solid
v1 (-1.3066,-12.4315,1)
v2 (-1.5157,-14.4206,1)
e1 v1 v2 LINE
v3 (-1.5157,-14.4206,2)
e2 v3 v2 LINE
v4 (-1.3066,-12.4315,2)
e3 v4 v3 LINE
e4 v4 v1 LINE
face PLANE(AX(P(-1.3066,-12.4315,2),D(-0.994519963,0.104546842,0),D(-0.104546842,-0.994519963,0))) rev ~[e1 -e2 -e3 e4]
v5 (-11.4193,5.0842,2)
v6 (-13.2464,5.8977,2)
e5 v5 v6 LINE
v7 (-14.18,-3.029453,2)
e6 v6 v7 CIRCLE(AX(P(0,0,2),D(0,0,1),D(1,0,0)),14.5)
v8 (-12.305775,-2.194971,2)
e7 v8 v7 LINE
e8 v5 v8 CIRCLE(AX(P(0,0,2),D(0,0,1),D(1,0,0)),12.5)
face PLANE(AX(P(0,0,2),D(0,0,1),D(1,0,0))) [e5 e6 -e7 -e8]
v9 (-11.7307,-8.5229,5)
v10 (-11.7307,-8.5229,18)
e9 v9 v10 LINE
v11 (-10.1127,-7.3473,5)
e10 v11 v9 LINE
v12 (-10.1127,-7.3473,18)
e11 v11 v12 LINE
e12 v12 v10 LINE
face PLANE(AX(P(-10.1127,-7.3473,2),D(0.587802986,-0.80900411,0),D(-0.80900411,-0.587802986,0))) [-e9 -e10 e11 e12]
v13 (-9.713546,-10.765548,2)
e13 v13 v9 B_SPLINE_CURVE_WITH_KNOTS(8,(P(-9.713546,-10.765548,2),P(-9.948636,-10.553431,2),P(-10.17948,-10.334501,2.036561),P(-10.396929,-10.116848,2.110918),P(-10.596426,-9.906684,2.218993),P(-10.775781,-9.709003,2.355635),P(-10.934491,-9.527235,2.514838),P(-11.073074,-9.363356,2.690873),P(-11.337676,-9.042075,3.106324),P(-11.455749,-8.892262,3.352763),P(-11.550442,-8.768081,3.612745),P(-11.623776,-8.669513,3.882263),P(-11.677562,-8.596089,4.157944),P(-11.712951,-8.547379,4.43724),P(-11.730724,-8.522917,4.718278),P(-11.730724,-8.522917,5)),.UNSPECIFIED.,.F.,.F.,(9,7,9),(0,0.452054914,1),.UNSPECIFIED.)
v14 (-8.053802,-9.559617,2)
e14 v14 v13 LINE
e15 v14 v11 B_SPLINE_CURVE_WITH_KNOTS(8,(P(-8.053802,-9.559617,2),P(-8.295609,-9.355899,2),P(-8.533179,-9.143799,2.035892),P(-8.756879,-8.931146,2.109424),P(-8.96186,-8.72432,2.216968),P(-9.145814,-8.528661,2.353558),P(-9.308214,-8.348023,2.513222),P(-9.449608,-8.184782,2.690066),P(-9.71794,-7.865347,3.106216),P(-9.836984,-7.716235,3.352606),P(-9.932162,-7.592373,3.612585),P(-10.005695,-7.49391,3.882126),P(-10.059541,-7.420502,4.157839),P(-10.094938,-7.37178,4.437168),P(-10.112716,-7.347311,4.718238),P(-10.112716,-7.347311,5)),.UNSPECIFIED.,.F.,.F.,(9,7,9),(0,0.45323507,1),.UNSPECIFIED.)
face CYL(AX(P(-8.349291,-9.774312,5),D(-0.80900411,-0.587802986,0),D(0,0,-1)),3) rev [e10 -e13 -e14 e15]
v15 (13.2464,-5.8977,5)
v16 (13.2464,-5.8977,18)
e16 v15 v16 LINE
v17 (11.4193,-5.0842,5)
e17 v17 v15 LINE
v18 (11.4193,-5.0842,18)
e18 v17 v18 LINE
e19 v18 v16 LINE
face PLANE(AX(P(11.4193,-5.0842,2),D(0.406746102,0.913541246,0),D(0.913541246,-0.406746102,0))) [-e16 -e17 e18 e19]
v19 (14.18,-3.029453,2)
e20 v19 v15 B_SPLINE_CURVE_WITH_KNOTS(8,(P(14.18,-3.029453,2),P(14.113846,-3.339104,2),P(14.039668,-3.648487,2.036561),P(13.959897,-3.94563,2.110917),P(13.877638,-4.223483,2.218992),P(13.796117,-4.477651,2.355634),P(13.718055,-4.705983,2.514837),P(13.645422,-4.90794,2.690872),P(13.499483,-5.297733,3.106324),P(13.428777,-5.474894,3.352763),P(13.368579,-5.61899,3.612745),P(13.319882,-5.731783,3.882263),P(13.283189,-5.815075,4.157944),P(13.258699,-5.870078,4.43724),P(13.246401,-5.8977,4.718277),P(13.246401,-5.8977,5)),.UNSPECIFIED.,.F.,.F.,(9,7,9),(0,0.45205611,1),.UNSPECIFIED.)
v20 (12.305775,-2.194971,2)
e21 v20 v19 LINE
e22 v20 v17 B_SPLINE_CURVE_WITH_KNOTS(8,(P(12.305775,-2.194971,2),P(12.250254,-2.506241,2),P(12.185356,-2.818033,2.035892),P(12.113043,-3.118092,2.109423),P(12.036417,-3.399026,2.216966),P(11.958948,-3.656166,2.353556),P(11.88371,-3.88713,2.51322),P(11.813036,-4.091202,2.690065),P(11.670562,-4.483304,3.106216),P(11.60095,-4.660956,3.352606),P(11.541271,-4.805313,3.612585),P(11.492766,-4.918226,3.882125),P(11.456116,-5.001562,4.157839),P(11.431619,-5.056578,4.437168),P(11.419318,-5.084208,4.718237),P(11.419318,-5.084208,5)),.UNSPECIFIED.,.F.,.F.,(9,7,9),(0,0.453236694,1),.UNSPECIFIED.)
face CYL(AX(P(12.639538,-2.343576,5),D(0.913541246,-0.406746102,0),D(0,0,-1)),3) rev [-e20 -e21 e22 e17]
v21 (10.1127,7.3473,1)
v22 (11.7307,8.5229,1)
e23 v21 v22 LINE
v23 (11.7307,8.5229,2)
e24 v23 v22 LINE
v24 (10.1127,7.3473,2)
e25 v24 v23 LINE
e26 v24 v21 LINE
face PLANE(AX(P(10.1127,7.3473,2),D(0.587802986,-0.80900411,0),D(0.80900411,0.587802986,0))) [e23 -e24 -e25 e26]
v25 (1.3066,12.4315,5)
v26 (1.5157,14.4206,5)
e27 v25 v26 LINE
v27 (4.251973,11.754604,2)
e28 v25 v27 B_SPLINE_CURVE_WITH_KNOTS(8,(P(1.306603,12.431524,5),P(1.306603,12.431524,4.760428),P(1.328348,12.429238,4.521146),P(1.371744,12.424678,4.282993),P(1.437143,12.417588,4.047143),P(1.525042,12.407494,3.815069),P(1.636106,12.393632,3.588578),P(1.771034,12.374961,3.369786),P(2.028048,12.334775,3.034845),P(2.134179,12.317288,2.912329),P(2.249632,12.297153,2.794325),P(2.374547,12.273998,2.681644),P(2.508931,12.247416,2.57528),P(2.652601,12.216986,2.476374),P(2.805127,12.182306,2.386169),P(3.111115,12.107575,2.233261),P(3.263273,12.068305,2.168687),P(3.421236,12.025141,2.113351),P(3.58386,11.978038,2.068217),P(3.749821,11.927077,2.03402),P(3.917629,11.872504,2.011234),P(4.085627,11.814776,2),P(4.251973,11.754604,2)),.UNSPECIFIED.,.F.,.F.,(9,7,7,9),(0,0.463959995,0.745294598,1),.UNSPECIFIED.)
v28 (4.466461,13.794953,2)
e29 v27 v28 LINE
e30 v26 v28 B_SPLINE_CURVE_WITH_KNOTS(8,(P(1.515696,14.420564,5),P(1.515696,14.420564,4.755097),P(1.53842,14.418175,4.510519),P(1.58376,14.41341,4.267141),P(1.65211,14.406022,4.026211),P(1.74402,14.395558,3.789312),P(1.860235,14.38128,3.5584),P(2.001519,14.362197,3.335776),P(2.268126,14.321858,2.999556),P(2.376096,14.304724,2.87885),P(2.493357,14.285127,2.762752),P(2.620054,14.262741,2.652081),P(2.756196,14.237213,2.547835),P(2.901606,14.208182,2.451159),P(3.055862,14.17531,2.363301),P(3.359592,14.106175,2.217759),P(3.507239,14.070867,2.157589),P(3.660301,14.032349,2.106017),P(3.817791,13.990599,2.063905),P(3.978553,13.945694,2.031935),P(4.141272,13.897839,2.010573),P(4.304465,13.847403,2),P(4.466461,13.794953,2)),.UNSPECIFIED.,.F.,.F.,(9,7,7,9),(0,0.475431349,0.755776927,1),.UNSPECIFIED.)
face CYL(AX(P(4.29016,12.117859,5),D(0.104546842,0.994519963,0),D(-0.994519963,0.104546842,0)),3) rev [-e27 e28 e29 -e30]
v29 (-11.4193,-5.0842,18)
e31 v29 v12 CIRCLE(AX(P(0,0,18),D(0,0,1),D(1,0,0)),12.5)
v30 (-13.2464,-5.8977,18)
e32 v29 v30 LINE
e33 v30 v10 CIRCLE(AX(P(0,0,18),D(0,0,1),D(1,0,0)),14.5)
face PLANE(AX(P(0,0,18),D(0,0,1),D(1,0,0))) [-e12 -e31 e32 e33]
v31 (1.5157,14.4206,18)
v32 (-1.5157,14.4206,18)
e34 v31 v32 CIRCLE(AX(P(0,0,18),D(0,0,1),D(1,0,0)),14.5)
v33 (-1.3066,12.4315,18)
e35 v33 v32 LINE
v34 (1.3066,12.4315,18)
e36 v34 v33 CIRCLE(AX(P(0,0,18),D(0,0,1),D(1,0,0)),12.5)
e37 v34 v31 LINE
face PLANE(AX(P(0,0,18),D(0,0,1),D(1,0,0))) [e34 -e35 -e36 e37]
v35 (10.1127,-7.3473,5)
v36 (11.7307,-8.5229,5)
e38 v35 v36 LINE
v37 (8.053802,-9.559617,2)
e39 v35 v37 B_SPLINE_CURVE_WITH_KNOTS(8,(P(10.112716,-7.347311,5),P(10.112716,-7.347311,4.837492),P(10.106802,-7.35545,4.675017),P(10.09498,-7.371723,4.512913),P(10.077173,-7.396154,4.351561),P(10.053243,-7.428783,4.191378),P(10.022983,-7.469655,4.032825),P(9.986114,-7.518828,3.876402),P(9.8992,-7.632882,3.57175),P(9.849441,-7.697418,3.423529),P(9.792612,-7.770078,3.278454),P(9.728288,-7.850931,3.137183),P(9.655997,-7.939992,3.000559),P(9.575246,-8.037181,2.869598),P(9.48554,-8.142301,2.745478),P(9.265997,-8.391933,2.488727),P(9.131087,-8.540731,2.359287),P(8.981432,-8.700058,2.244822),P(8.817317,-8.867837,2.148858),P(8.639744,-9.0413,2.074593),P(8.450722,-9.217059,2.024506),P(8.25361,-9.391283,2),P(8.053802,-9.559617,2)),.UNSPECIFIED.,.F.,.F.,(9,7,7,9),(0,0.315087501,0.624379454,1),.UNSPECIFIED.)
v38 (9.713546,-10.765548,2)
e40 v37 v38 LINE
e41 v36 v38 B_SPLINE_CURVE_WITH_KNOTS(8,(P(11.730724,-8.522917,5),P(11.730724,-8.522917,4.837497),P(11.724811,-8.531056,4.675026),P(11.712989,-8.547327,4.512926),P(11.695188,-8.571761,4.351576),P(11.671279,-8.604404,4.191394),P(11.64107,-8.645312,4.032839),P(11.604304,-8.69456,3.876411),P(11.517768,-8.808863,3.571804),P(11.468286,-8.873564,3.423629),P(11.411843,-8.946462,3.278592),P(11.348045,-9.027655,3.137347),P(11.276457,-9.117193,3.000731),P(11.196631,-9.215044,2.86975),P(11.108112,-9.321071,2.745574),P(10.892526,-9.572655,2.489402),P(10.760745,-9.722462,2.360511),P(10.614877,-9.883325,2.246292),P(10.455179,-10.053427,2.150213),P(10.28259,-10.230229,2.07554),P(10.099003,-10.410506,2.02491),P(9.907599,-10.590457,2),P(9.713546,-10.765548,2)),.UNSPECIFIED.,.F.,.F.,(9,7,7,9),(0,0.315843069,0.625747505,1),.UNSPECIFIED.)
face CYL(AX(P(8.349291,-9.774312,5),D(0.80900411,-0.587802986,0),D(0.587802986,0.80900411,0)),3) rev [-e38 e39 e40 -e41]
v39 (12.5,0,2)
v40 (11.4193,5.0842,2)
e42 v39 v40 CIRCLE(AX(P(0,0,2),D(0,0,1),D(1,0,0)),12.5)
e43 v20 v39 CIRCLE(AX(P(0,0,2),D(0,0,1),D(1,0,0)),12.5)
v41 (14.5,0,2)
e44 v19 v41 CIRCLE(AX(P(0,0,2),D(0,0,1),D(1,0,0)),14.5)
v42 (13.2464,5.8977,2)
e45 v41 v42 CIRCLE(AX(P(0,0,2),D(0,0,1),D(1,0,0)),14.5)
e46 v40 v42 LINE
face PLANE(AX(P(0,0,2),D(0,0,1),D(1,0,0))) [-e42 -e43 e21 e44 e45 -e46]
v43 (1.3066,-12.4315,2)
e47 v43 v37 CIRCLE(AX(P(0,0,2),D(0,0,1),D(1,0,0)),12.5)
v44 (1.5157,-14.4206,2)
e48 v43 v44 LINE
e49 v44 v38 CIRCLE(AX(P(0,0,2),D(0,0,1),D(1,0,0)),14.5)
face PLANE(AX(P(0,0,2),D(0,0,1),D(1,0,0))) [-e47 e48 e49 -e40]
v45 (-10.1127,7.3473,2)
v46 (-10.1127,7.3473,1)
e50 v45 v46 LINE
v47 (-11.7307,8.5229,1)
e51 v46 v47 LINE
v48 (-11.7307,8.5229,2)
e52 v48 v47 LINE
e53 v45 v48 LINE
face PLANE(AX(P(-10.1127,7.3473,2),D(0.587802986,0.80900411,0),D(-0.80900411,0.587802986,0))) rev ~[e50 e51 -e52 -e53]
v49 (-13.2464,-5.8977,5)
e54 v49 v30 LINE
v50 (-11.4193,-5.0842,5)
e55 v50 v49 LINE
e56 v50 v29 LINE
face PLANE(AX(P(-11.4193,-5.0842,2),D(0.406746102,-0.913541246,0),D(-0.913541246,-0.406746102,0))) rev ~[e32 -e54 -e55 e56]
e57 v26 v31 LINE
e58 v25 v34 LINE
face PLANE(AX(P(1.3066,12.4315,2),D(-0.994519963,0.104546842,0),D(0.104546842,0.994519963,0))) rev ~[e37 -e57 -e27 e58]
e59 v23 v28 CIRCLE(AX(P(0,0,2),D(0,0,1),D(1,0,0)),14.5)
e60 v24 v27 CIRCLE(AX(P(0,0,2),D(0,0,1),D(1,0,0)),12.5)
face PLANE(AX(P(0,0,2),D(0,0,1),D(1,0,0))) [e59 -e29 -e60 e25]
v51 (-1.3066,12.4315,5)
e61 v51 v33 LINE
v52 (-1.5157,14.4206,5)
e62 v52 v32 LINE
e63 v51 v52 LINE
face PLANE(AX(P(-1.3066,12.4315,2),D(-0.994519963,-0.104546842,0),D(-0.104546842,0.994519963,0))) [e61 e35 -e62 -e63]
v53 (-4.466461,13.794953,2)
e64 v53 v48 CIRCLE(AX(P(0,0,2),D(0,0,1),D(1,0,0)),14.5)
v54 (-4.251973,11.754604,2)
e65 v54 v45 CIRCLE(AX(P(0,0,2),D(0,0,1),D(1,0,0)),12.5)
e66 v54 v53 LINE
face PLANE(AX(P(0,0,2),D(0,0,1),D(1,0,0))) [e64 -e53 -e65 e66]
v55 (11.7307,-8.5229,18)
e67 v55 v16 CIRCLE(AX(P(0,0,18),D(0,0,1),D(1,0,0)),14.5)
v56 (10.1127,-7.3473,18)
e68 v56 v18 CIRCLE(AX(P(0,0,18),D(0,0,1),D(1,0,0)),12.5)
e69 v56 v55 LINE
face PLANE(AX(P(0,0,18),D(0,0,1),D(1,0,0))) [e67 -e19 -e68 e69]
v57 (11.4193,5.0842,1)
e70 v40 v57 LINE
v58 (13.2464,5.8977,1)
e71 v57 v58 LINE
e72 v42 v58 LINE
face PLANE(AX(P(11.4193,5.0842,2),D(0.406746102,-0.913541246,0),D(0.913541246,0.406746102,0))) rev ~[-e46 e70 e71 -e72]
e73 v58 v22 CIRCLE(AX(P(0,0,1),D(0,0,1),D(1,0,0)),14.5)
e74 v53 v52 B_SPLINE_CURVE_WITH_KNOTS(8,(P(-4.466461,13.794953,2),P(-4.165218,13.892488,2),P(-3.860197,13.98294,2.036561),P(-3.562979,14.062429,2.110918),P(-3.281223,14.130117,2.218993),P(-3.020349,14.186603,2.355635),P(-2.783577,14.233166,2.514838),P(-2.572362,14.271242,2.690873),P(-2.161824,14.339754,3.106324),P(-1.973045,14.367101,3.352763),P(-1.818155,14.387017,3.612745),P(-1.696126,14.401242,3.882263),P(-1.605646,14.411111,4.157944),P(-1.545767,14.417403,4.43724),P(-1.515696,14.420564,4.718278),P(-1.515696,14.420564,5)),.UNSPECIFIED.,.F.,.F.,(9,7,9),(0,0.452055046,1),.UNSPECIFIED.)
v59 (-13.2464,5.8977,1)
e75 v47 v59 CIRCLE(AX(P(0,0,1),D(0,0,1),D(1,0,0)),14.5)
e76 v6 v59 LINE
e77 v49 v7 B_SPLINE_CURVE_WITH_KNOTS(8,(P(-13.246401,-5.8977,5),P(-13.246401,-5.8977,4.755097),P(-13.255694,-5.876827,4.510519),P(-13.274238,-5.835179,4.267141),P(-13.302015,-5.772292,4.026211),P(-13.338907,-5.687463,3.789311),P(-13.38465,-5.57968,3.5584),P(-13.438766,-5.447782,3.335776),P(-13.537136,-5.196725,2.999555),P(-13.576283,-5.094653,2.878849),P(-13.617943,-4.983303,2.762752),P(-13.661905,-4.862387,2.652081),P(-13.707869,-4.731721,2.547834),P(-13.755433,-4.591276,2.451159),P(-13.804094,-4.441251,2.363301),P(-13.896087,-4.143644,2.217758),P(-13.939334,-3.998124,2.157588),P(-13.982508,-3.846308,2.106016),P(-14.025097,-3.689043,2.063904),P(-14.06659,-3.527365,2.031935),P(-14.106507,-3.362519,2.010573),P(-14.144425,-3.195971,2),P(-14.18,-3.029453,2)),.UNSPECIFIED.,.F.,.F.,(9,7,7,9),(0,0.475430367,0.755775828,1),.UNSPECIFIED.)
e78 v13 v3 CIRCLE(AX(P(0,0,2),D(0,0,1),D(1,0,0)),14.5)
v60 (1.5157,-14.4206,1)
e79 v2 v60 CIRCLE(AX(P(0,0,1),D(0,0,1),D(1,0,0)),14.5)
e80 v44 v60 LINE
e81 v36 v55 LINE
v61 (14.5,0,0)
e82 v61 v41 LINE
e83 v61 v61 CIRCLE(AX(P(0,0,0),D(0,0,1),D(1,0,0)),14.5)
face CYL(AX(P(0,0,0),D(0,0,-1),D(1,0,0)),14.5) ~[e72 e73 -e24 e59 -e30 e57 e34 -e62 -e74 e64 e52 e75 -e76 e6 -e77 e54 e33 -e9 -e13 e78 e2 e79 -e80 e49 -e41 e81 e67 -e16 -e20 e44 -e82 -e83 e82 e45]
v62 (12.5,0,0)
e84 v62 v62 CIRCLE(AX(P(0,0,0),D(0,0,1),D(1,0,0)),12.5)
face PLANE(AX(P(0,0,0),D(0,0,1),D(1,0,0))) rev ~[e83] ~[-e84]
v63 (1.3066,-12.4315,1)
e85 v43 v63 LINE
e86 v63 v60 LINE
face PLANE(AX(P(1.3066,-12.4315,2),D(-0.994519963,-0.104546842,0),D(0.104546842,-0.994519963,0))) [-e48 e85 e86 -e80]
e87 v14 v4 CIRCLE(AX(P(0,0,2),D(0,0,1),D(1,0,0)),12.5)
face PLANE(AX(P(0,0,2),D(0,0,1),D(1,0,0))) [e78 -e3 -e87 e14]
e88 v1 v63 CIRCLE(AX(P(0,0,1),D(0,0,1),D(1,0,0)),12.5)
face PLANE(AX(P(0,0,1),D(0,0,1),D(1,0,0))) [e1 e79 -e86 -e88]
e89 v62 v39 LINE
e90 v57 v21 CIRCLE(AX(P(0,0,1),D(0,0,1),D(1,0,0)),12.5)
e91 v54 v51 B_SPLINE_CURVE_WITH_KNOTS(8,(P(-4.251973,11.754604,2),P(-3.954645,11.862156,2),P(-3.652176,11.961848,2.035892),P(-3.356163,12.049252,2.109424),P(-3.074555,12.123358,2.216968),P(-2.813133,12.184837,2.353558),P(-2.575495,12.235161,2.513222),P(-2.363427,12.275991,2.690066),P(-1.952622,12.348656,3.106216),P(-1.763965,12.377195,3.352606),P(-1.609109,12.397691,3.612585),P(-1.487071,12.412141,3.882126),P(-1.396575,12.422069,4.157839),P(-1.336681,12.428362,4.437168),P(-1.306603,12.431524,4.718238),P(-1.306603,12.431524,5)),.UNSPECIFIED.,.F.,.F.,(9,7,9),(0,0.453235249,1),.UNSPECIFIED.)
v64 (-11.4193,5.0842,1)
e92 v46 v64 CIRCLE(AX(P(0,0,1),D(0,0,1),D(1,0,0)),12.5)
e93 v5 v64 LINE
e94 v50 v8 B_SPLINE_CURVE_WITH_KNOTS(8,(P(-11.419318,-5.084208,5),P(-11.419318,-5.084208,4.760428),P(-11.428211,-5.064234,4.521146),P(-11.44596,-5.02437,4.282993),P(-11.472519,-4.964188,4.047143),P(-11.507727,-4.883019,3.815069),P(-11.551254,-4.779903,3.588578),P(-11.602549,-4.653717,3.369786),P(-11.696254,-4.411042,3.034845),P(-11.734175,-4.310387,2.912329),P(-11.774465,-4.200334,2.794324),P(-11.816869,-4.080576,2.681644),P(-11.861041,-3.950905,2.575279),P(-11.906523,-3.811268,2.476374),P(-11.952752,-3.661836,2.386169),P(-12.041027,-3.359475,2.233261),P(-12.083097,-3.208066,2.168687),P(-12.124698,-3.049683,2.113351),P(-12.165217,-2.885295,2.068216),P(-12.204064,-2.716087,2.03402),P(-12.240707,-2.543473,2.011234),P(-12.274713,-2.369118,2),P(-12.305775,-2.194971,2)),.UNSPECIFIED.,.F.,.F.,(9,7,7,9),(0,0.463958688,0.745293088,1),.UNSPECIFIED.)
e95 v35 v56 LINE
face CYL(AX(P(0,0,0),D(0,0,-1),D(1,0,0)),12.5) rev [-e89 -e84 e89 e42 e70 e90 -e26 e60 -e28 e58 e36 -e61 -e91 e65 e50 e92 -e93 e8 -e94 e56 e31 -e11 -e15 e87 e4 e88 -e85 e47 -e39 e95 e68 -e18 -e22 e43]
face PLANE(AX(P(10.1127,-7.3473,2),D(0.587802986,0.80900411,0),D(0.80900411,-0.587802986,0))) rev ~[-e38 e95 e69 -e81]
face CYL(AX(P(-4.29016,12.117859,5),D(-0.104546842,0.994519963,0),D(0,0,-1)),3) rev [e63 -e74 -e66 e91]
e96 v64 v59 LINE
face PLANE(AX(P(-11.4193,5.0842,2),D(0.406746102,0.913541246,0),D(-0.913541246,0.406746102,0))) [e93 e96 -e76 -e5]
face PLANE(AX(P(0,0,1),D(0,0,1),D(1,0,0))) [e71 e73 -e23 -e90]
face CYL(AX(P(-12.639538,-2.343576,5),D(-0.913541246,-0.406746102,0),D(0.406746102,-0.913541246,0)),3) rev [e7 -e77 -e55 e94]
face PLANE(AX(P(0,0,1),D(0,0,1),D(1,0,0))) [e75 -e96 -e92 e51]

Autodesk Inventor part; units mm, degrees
ref_plane "YZ Plane" through (0, 0, 0) normal (1, 0, 0) x (0, 1, 0)
ref_plane "XZ Plane" through (0, 0, 0) normal (0, 1, 0) x (-1, 0, 0)
ref_plane "XY Plane" through (0, 0, 0) normal (0, 0, 1) x (1, 0, 0)
sketch "Sketch1" plane through (0, 0, 0) normal (0, 0, 1) x (1, 0, 0)
  circle A0 centre (0, 0) radius 12.5
  circle A1 centre (0, 0) radius 14.5
  dimension "d0" = 25
  dimension "d1" = 2
extrude "Extrusion1" add sketch "Sketch1" along normal blind 2
sketch "Sketch2" plane through (0, 0, 2) normal (0, 0, 1) x (1, 0, 0)
  circle A0 centre (0, 0) radius 14.5 construction
  line L0 (0, 14.5) -> (0, 0) construction
  line L1 (0, 0) -> (12.5574, -7.25) construction
  line L2 (0, 0) -> (-12.5574, -7.25) construction
  line L3 (0, 0) -> (-12.5574, 7.25) construction
  line L4 (0, 0) -> (12.5574, 7.25) construction
  circle A1 centre (0, 0) radius 14.5 projected
  circle A2 centre (0, 0) radius 12.5 projected
  line L5 (1.3066, 12.4315) -> (1.5157, 14.4206)
  line L6 (-1.3066, 12.4315) -> (-1.5157, 14.4206)
  line L7 (-11.4193, -5.0842) -> (-13.2464, -5.8977)
  line L8 (-10.1127, -7.3473) -> (-11.7307, -8.5229)
  line L9 (10.1127, -7.3473) -> (11.7307, -8.5229)
  line L10 (11.4193, -5.0842) -> (13.2464, -5.8977)
  line L11 (10.1127, 7.3473) -> (11.7307, 8.5229)
  line L12 (11.4193, 5.0842) -> (13.2464, 5.8977)
  line L13 (-11.4193, 5.0842) -> (-13.2464, 5.8977)
  line L14 (-10.1127, 7.3473) -> (-11.7307, 8.5229)
  line L15 (1.3066, -12.4315) -> (1.5157, -14.4206)
  line L16 (-1.3066, -12.4315) -> (-1.5157, -14.4206)
  point P0 (-12.5574, -7.25)
  point P1 (12.5574, -7.25)
  dimension "d4" = 120
  dimension "d5" = 120
  dimension "d6" = 6
  dimension "d7" = 6
  dimension "d10" = 360
  dimension "d14" = 6
  dimension "d15" = 6
  dimension "d18" = 360
extrude "Extrusion2" add sketch "Sketch2" along normal blind 16 contours A1 L9 A2 L10 | L5 A2 L6 A1 | A1 L7 A2 L8
sketch "Sketch3" plane through (0, 0, 2) normal (0, 0, 1) x (1, 0, 0)
  circle A0 centre (0, 0) radius 14.5 construction
  line L0 (0, 14.5) -> (0, 0) construction
  line L1 (0, 0) -> (12.5574, -7.25) construction
  line L2 (0, 0) -> (-12.5574, -7.25) construction
  line L3 (0, 0) -> (-12.5574, 7.25) construction
  line L4 (0, 0) -> (12.5574, 7.25) construction
  circle A1 centre (0, 0) radius 14.5
  circle A2 centre (0, 0) radius 12.5
  line L5 (1.3066, 12.4315) -> (1.5157, 14.4206)
  line L6 (-1.3066, 12.4315) -> (-1.5157, 14.4206)
  line L7 (-11.4193, -5.0842) -> (-13.2464, -5.8977)
  line L8 (-10.1127, -7.3473) -> (-11.7307, -8.5229)
  line L9 (10.1127, -7.3473) -> (11.7307, -8.5229)
  line L10 (11.4193, -5.0842) -> (13.2464, -5.8977)
  line L11 (10.1127, 7.3473) -> (11.7307, 8.5229)
  line L12 (11.4193, 5.0842) -> (13.2464, 5.8977)
  line L13 (-11.4193, 5.0842) -> (-13.2464, 5.8977)
  line L14 (-10.1127, 7.3473) -> (-11.7307, 8.5229)
  line L15 (1.3066, -12.4315) -> (1.5157, -14.4206)
  line L16 (-1.3066, -12.4315) -> (-1.5157, -14.4206)
  point P0 (-12.5574, -7.25)
  point P1 (12.5574, -7.25)
  dimension "d24" = 120
  dimension "d25" = 120
  dimension "d26" = 6
  dimension "d27" = 6
  dimension "d28" = 360
  dimension "d29" = 6
  dimension "d30" = 6
  dimension "d31" = 360
extrude "Extrusion3" cut sketch "Sketch3" against normal blind 1 contours L12 A2 L11 A1 | A1 L16 A2 L15 | L14 A2 L13 A1
fillet "Fillet1" radius 3 6 edges at (1.4111, 13.426, 2) (-1.4111, 13.426, 2) (-12.3329, -5.4909, 2) (12.3329, -5.4909, 2) (-10.9217, -7.9351, 2) (10.9217, -7.9351, 2)
properties part number "_3DPrint"
